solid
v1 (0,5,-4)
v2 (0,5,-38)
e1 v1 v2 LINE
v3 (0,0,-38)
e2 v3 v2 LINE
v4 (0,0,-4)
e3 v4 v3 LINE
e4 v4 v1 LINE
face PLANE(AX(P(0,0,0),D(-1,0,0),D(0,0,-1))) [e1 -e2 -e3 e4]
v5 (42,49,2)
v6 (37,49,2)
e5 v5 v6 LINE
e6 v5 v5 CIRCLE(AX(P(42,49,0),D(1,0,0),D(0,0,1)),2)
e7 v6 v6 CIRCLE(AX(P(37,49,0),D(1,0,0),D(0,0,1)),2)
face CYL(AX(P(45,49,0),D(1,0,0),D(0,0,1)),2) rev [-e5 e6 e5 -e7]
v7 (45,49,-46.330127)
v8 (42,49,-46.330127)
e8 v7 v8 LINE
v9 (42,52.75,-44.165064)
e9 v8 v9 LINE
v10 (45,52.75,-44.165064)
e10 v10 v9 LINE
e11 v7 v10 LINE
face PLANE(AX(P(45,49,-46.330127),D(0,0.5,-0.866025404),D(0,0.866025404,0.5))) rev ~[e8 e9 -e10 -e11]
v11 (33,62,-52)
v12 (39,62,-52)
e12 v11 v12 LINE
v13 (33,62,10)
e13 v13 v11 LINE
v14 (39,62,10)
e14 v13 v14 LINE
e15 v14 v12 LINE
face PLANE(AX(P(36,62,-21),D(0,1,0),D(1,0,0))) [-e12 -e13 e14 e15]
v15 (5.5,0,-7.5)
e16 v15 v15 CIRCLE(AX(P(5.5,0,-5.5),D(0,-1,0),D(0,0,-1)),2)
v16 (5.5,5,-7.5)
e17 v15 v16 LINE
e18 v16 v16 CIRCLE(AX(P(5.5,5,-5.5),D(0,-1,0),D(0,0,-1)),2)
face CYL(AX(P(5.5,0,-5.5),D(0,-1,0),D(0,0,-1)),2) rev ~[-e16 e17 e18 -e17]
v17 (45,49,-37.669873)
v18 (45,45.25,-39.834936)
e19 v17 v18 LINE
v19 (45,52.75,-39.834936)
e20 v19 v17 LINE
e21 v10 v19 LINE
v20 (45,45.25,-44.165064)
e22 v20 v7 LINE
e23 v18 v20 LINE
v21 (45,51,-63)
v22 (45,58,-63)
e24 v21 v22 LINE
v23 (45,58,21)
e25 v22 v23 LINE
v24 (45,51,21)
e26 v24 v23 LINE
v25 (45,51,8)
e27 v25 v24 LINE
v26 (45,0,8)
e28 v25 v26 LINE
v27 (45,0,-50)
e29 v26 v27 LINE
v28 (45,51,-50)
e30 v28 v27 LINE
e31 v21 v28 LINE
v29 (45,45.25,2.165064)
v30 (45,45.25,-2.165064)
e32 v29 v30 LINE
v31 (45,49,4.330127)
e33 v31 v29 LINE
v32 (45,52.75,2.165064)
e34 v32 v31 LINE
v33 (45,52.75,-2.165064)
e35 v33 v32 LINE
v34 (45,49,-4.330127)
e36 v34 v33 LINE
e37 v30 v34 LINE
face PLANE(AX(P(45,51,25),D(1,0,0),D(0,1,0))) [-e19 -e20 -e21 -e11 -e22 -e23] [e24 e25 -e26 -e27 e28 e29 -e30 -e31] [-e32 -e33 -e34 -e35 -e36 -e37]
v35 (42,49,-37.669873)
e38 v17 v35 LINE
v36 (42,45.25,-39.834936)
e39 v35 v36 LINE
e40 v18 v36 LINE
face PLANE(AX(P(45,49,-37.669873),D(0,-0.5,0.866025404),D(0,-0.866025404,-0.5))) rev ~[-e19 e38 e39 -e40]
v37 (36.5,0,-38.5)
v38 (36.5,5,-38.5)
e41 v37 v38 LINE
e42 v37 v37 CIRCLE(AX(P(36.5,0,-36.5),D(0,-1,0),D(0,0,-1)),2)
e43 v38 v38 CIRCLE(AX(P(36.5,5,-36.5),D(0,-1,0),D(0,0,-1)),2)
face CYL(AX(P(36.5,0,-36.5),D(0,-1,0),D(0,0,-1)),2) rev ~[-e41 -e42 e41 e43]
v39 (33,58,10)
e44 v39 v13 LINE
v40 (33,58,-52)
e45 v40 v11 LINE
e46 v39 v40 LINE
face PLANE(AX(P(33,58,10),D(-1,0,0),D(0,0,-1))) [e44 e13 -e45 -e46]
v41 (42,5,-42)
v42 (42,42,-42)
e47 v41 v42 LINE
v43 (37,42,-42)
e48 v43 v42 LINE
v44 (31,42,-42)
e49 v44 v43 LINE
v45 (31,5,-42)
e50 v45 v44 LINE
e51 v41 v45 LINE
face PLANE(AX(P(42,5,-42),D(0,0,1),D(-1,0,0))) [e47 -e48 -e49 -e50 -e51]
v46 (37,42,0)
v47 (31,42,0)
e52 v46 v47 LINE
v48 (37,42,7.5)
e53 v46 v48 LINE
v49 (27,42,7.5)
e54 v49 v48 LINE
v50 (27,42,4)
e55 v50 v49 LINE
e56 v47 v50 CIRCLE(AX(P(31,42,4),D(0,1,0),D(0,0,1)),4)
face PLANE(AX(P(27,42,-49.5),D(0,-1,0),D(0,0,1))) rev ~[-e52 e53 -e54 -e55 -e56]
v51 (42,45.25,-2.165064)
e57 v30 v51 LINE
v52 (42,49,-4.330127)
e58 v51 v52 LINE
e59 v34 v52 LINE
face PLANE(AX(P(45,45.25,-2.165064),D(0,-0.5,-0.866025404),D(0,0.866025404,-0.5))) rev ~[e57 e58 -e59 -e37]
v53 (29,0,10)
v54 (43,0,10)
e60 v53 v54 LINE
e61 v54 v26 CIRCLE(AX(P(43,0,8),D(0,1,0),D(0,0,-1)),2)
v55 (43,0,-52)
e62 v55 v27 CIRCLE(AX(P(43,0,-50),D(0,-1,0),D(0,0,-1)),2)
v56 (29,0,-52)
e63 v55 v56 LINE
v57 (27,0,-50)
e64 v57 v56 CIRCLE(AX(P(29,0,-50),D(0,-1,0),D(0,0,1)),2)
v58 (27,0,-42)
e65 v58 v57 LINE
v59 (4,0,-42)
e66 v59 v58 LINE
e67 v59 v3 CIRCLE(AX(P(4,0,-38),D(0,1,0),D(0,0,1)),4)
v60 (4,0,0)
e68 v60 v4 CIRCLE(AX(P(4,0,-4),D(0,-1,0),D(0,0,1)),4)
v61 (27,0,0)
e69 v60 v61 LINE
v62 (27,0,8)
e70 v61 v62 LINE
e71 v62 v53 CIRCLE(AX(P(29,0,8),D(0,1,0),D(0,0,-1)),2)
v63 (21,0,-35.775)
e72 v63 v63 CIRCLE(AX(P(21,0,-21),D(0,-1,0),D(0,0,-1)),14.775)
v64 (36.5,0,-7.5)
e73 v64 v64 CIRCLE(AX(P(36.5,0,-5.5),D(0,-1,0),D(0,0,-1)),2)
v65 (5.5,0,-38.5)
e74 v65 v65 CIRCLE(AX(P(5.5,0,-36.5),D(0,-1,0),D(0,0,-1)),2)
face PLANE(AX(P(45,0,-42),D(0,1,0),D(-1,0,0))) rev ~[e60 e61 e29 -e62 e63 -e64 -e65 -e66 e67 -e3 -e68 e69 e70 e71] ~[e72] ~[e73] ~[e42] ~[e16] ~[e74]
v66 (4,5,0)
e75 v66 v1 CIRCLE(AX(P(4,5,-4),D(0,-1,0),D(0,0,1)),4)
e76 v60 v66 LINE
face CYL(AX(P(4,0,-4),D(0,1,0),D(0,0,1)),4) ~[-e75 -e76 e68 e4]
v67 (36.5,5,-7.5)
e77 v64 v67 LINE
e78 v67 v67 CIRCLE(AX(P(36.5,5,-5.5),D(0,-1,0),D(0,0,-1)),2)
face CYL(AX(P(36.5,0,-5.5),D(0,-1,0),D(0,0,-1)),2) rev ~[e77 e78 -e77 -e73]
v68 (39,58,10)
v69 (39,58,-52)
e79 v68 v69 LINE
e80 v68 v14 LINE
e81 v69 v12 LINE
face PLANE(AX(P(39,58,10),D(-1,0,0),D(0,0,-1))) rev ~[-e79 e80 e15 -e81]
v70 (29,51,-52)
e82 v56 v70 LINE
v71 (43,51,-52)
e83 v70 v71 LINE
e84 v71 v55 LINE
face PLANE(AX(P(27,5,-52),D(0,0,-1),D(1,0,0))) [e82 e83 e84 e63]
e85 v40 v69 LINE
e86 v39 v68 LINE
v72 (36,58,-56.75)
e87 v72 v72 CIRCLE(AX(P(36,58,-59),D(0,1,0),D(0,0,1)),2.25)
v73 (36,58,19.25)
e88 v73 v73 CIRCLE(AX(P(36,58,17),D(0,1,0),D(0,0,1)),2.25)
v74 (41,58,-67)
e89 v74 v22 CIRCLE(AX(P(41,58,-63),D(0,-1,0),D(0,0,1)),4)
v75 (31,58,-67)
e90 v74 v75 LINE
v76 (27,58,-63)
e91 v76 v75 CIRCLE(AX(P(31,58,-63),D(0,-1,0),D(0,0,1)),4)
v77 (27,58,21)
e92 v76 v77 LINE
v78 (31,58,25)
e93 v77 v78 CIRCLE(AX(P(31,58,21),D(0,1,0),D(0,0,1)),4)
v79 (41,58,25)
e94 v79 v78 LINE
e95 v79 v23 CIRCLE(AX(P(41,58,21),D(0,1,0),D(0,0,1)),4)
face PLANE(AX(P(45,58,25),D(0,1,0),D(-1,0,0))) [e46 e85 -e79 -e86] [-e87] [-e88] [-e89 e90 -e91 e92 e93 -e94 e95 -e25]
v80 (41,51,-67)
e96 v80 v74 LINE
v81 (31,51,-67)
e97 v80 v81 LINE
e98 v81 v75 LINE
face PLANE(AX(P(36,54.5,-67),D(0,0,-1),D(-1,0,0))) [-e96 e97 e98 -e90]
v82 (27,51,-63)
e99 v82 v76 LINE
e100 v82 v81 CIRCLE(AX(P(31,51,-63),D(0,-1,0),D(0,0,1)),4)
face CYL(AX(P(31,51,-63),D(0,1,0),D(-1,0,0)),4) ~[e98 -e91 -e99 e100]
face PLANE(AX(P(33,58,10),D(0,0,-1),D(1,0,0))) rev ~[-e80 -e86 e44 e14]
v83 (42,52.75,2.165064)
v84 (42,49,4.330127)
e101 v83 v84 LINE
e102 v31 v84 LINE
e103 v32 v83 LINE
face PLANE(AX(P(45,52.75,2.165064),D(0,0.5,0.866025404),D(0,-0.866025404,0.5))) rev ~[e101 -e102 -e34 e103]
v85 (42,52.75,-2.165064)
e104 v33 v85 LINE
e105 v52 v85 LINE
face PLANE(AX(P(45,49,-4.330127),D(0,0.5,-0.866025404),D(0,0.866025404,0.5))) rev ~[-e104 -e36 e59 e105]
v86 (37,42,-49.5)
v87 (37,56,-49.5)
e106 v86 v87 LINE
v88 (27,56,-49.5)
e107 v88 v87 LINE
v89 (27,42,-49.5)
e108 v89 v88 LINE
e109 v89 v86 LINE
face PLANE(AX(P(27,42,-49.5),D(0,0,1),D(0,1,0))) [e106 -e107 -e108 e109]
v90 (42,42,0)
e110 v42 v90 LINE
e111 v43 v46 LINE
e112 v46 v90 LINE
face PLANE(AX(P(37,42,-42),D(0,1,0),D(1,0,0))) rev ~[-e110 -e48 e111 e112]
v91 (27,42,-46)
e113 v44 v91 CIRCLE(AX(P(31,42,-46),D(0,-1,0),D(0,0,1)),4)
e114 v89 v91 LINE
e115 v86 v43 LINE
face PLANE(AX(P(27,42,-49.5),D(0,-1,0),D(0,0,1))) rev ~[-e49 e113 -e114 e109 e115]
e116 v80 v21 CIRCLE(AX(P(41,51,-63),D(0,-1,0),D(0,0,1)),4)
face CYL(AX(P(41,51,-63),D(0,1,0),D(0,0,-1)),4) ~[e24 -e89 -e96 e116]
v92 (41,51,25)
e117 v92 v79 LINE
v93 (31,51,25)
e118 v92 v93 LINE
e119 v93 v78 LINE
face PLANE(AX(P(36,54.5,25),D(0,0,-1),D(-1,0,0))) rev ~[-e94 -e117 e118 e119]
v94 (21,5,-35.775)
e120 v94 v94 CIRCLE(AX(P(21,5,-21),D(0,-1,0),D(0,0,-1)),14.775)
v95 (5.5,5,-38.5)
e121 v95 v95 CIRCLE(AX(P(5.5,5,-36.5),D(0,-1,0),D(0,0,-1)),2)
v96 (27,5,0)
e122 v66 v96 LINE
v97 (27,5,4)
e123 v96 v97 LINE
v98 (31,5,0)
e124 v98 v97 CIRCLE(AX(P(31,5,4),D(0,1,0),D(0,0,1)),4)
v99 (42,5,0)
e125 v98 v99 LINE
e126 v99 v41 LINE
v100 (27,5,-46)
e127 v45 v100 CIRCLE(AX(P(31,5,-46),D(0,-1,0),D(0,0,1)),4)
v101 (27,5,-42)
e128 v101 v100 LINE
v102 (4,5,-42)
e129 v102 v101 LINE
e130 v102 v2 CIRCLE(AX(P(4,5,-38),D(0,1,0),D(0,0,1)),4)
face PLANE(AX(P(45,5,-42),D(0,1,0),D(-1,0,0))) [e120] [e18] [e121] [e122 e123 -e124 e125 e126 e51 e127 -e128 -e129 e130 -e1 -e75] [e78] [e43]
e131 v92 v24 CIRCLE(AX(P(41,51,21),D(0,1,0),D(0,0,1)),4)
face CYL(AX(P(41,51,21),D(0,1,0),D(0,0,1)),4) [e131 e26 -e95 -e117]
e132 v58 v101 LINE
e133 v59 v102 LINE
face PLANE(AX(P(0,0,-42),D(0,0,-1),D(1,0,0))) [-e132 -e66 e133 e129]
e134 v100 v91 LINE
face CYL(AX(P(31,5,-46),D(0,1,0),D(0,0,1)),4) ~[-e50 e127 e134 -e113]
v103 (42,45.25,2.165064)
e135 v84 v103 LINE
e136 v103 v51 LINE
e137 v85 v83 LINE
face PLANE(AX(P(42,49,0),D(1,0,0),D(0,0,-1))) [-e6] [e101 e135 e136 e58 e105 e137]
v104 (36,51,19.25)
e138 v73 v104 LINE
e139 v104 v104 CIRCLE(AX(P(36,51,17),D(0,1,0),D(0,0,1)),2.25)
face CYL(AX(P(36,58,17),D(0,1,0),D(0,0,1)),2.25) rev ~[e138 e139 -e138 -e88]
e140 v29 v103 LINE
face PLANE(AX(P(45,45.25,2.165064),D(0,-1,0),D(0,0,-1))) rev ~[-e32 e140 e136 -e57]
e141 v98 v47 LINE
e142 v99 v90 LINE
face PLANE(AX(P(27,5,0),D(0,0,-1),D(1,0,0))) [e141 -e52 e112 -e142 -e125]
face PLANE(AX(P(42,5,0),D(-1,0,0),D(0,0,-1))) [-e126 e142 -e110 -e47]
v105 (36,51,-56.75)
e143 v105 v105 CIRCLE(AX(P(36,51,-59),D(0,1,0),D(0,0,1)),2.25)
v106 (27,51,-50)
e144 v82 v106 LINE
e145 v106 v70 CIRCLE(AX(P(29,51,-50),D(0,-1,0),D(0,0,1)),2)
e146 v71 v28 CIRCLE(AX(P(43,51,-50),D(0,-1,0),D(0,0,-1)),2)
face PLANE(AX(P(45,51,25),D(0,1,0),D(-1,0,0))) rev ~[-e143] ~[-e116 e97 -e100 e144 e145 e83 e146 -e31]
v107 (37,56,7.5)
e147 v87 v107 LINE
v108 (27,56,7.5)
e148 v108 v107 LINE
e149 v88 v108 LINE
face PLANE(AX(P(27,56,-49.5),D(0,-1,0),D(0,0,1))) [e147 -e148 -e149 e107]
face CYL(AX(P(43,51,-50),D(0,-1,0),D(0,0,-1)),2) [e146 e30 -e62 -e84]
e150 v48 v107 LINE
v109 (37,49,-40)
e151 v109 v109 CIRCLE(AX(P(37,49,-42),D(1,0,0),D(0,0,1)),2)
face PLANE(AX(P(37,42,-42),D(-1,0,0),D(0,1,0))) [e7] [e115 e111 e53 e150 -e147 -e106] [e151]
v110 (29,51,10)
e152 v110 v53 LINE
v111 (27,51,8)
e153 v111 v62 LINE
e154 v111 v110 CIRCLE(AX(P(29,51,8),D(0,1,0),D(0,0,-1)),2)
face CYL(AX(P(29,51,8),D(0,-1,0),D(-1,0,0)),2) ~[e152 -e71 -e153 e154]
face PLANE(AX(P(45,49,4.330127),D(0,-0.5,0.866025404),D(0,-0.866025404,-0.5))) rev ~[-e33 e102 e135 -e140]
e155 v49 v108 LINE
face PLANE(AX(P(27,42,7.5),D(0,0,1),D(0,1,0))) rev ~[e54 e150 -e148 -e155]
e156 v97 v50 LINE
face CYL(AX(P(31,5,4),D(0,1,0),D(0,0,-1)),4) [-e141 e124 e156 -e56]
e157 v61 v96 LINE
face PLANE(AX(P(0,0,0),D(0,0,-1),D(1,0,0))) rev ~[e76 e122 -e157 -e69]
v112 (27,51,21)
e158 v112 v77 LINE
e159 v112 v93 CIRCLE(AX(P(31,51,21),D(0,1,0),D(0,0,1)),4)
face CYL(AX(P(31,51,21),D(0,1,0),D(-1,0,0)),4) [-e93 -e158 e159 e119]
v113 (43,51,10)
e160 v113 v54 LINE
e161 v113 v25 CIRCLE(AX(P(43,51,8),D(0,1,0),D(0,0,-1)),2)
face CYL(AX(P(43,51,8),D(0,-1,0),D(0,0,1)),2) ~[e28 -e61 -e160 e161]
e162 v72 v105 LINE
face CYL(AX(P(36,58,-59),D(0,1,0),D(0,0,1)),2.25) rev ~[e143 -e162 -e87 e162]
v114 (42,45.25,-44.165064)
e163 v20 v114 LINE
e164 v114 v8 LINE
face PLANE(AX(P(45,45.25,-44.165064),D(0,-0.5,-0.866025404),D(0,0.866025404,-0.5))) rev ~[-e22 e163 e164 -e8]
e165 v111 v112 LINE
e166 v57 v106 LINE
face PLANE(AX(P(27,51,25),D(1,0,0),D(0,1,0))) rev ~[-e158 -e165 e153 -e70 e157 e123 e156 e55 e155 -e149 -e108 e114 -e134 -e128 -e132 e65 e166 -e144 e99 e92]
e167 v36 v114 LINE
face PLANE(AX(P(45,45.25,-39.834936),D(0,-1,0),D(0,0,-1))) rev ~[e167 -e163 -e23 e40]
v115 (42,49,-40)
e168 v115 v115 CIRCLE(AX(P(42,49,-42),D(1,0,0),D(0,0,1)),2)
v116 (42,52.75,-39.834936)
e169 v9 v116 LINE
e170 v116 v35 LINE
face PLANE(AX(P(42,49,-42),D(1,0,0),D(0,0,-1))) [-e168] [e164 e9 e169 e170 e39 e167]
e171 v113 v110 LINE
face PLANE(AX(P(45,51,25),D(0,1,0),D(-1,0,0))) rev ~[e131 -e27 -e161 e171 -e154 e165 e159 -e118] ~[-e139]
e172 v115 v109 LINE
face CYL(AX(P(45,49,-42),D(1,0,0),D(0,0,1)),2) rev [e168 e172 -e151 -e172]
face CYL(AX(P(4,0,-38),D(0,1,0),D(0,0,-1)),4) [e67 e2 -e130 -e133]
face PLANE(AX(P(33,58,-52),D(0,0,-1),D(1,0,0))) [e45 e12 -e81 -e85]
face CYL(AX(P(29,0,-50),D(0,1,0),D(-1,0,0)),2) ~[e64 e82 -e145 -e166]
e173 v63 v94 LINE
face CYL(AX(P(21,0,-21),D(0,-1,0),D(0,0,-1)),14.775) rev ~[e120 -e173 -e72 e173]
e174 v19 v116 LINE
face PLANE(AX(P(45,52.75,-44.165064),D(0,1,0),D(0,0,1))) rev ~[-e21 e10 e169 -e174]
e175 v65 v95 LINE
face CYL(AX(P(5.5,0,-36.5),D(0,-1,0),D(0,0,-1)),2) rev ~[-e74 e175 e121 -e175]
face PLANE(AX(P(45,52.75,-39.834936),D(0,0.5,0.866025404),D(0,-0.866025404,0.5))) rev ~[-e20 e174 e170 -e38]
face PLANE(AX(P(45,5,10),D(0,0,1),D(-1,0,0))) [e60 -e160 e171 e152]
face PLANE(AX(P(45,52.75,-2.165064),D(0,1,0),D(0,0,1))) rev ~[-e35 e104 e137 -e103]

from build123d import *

# Parameters (mm, degrees)
SKETCH_1_W           = 45
SKETCH_1_H           = 42
EXTRUDE_1_DEPTH      = 5
SKETCH_3_R           = 14.775
SKETCH_3_R_2         = 2
CUT_EXTRUDE_1_DEPTH  = 13
SKETCH_7_W           = 18
SKETCH_7_H           = 5
EXTRUDE_3_DEPTH      = 10
SKETCH_8_W           = 18
SKETCH_8_H           = 5
EXTRUDE_4_DEPTH      = 10
EXTRUDE_5_DEPTH      = 53
EXTRUDE_6_DEPTH      = 15
EXTRUDE_6_DEPTH_BACK = 77
SKETCH_11_W          = 18
SKETCH_11_H          = 7
SKETCH_12_W          = 57
SKETCH_12_H          = 14
CUT_EXTRUDE_2_DEPTH  = 10
SKETCH_15_R          = 2.25
CUT_EXTRUDE_5_DEPTH  = 10
SKETCH_16_W          = 6
SKETCH_16_H          = 62
EXTRUDE_7_DEPTH      = 4
SKETCH_17_W          = 5
SKETCH_17_H          = 9.7027375
EXTRUDE_8_DEPTH      = 42
SKETCH_13_R          = 2
CUT_EXTRUDE_3_DEPTH  = 16
CUT_EXTRUDE_4_DEPTH  = 3
FILLET_1_R           = 4
FILLET_2_R           = 2


with BuildPart() as part:
    # Эскиз1 → Бобышка-Вытянуть1 (new body)
    with BuildSketch(Plane(origin=(0, 0, 0), x_dir=(1, 0, 0), z_dir=(0, 1, 0))):
        with Locations((22.5, 21)):
            Rectangle(SKETCH_1_W, SKETCH_1_H)
    extrude(amount=EXTRUDE_1_DEPTH)

    # Эскиз3 → Вырез-Вытянуть1 (cut)
    with BuildSketch(Plane.XZ):
        with Locations(Location((21, -21, 0), (0, 0, 270))):
            Circle(SKETCH_3_R)
        with Locations(Location((36.5, -5.5, 0), (0, 0, 270))):
            Circle(SKETCH_3_R_2)
        with Locations(Location((5.5, -5.5, 0), (0, 0, 270))):
            Circle(SKETCH_3_R_2)
        with Locations(Location((5.5, -36.5, 0), (0, 0, 270))):
            Circle(SKETCH_3_R_2)
        with Locations(Location((36.5, -36.5, 0), (0, 0, 270))):
            Circle(SKETCH_3_R_2)
    extrude(amount=-CUT_EXTRUDE_1_DEPTH, mode=Mode.SUBTRACT)

    # Эскиз7 → Бобышка-Вытянуть3 (add)
    with BuildSketch(Plane.XY):
        with Locations((36, 2.5)):
            Rectangle(SKETCH_7_W, SKETCH_7_H)
    extrude(amount=EXTRUDE_3_DEPTH)

    # Эскиз8 → Бобышка-Вытянуть4 (add)
    with BuildSketch(Plane(origin=(0, 0, -42), x_dir=(-1, 0, 0), z_dir=(0, 0, -1))):
        with Locations((-36, 2.5)):
            Rectangle(SKETCH_8_W, SKETCH_8_H)
    extrude(amount=EXTRUDE_4_DEPTH)

    # Эскиз10 → Бобышка-Вытянуть5 (add)
    with BuildSketch(Plane(origin=(0, 5, 0), x_dir=(1, 0, 0), z_dir=(0, 1, 0))):
        Polygon((27, 52), (45, 52), (45, -10), (27, -10), (27, 0), (42, 0), (42, 42), (27, 42), align=None)
    extrude(amount=EXTRUDE_5_DEPTH)

    # Эскиз11 → Бобышка-Вытянуть6 (add, two sides: drawn at the far end of the back side and taken through both)
    with BuildSketch(Plane(origin=(0, 0, -52), x_dir=(-1, 0, 0), z_dir=(0, 0, -1)).offset(-EXTRUDE_6_DEPTH_BACK)):
        with Locations((-36, 54.5)):
            Rectangle(SKETCH_11_W, SKETCH_11_H)
    extrude(amount=EXTRUDE_6_DEPTH + EXTRUDE_6_DEPTH_BACK)

    # Эскиз12 → Вырез-Вытянуть2 (cut)
    with BuildSketch(Plane.ZY.offset(-27)):
        with Locations((-21, 49)):
            Rectangle(SKETCH_12_W, SKETCH_12_H)
    extrude(amount=-CUT_EXTRUDE_2_DEPTH, mode=Mode.SUBTRACT)

    # Эскиз15 → Вырез-Вытянуть5 (cut)
    with BuildSketch(Plane(origin=(0, 58, 0), x_dir=(1, 0, 0), z_dir=(0, 1, 0))):
        with Locations(Location((36, -17, 0), (0, 0, 270))):
            Circle(SKETCH_15_R)
        with Locations(Location((36, 59, 0), (0, 0, 270))):
            Circle(SKETCH_15_R)
    extrude(amount=-CUT_EXTRUDE_5_DEPTH, mode=Mode.SUBTRACT)

    # Эскиз16 → Бобышка-Вытянуть7 (add)
    with BuildSketch(Plane(origin=(0, 58, 0), x_dir=(1, 0, 0), z_dir=(0, 1, 0))):
        with Locations((36, 21)):
            Rectangle(SKETCH_16_W, SKETCH_16_H)
    extrude(amount=EXTRUDE_7_DEPTH)

    # Эскиз17 → Бобышка-Вытянуть8 (add)
    with BuildSketch(Plane.XY.offset(-42)):
        with Locations((39.5, 46.85136875)):
            Rectangle(SKETCH_17_W, SKETCH_17_H)
    extrude(amount=EXTRUDE_8_DEPTH)

    # Эскиз13 → Вырез-Вытянуть3 (cut)
    with BuildSketch(Plane.ZY.offset(-45)):
        with Locations((-42, 49)):
            Circle(SKETCH_13_R)
        with Locations((0, 49)):
            Circle(SKETCH_13_R)
    extrude(amount=CUT_EXTRUDE_3_DEPTH, mode=Mode.SUBTRACT)

    # Эскиз14 → Вырез-Вытянуть4 (cut)
    with BuildSketch(Plane(origin=(45, 0, 0), x_dir=(0, 0, -1), z_dir=(1, 0, 0))):
        Polygon((2.165063509, 52.75), (-2.165063509, 52.75), (-4.330127019, 49), (-2.165063509, 45.25), (2.165063509, 45.25), (4.330127019, 49), align=None)
        Polygon((44.165063509, 52.75), (39.834936491, 52.75), (37.669872981, 49), (39.834936491, 45.25), (44.165063509, 45.25), (46.330127019, 49), align=None)
    extrude(amount=-CUT_EXTRUDE_4_DEPTH, mode=Mode.SUBTRACT)

    # Скругление1
    fillet_1_edges = [part.edges().sort_by_distance(p)[0] for p in [
        (27, 23.5, 0),
        (27, 23.5, -42),
        (0, 2.5, -42),
        (0, 2.5, 0),
        (45, 54.5, 25),
        (27, 54.5, 25),
        (45, 54.5, -67),
        (27, 54.5, -67),
    ]]
    fillet(fillet_1_edges, radius=FILLET_1_R)

    # Скругление2
    fillet_2_edges = [part.edges().sort_by_distance(p)[0] for p in [
        (45, 25.5, 10),
        (27, 25.5, -52),
        (45, 25.5, -52),
        (27, 25.5, 10),
    ]]
    fillet(fillet_2_edges, radius=FILLET_2_R)


solid = part.part
